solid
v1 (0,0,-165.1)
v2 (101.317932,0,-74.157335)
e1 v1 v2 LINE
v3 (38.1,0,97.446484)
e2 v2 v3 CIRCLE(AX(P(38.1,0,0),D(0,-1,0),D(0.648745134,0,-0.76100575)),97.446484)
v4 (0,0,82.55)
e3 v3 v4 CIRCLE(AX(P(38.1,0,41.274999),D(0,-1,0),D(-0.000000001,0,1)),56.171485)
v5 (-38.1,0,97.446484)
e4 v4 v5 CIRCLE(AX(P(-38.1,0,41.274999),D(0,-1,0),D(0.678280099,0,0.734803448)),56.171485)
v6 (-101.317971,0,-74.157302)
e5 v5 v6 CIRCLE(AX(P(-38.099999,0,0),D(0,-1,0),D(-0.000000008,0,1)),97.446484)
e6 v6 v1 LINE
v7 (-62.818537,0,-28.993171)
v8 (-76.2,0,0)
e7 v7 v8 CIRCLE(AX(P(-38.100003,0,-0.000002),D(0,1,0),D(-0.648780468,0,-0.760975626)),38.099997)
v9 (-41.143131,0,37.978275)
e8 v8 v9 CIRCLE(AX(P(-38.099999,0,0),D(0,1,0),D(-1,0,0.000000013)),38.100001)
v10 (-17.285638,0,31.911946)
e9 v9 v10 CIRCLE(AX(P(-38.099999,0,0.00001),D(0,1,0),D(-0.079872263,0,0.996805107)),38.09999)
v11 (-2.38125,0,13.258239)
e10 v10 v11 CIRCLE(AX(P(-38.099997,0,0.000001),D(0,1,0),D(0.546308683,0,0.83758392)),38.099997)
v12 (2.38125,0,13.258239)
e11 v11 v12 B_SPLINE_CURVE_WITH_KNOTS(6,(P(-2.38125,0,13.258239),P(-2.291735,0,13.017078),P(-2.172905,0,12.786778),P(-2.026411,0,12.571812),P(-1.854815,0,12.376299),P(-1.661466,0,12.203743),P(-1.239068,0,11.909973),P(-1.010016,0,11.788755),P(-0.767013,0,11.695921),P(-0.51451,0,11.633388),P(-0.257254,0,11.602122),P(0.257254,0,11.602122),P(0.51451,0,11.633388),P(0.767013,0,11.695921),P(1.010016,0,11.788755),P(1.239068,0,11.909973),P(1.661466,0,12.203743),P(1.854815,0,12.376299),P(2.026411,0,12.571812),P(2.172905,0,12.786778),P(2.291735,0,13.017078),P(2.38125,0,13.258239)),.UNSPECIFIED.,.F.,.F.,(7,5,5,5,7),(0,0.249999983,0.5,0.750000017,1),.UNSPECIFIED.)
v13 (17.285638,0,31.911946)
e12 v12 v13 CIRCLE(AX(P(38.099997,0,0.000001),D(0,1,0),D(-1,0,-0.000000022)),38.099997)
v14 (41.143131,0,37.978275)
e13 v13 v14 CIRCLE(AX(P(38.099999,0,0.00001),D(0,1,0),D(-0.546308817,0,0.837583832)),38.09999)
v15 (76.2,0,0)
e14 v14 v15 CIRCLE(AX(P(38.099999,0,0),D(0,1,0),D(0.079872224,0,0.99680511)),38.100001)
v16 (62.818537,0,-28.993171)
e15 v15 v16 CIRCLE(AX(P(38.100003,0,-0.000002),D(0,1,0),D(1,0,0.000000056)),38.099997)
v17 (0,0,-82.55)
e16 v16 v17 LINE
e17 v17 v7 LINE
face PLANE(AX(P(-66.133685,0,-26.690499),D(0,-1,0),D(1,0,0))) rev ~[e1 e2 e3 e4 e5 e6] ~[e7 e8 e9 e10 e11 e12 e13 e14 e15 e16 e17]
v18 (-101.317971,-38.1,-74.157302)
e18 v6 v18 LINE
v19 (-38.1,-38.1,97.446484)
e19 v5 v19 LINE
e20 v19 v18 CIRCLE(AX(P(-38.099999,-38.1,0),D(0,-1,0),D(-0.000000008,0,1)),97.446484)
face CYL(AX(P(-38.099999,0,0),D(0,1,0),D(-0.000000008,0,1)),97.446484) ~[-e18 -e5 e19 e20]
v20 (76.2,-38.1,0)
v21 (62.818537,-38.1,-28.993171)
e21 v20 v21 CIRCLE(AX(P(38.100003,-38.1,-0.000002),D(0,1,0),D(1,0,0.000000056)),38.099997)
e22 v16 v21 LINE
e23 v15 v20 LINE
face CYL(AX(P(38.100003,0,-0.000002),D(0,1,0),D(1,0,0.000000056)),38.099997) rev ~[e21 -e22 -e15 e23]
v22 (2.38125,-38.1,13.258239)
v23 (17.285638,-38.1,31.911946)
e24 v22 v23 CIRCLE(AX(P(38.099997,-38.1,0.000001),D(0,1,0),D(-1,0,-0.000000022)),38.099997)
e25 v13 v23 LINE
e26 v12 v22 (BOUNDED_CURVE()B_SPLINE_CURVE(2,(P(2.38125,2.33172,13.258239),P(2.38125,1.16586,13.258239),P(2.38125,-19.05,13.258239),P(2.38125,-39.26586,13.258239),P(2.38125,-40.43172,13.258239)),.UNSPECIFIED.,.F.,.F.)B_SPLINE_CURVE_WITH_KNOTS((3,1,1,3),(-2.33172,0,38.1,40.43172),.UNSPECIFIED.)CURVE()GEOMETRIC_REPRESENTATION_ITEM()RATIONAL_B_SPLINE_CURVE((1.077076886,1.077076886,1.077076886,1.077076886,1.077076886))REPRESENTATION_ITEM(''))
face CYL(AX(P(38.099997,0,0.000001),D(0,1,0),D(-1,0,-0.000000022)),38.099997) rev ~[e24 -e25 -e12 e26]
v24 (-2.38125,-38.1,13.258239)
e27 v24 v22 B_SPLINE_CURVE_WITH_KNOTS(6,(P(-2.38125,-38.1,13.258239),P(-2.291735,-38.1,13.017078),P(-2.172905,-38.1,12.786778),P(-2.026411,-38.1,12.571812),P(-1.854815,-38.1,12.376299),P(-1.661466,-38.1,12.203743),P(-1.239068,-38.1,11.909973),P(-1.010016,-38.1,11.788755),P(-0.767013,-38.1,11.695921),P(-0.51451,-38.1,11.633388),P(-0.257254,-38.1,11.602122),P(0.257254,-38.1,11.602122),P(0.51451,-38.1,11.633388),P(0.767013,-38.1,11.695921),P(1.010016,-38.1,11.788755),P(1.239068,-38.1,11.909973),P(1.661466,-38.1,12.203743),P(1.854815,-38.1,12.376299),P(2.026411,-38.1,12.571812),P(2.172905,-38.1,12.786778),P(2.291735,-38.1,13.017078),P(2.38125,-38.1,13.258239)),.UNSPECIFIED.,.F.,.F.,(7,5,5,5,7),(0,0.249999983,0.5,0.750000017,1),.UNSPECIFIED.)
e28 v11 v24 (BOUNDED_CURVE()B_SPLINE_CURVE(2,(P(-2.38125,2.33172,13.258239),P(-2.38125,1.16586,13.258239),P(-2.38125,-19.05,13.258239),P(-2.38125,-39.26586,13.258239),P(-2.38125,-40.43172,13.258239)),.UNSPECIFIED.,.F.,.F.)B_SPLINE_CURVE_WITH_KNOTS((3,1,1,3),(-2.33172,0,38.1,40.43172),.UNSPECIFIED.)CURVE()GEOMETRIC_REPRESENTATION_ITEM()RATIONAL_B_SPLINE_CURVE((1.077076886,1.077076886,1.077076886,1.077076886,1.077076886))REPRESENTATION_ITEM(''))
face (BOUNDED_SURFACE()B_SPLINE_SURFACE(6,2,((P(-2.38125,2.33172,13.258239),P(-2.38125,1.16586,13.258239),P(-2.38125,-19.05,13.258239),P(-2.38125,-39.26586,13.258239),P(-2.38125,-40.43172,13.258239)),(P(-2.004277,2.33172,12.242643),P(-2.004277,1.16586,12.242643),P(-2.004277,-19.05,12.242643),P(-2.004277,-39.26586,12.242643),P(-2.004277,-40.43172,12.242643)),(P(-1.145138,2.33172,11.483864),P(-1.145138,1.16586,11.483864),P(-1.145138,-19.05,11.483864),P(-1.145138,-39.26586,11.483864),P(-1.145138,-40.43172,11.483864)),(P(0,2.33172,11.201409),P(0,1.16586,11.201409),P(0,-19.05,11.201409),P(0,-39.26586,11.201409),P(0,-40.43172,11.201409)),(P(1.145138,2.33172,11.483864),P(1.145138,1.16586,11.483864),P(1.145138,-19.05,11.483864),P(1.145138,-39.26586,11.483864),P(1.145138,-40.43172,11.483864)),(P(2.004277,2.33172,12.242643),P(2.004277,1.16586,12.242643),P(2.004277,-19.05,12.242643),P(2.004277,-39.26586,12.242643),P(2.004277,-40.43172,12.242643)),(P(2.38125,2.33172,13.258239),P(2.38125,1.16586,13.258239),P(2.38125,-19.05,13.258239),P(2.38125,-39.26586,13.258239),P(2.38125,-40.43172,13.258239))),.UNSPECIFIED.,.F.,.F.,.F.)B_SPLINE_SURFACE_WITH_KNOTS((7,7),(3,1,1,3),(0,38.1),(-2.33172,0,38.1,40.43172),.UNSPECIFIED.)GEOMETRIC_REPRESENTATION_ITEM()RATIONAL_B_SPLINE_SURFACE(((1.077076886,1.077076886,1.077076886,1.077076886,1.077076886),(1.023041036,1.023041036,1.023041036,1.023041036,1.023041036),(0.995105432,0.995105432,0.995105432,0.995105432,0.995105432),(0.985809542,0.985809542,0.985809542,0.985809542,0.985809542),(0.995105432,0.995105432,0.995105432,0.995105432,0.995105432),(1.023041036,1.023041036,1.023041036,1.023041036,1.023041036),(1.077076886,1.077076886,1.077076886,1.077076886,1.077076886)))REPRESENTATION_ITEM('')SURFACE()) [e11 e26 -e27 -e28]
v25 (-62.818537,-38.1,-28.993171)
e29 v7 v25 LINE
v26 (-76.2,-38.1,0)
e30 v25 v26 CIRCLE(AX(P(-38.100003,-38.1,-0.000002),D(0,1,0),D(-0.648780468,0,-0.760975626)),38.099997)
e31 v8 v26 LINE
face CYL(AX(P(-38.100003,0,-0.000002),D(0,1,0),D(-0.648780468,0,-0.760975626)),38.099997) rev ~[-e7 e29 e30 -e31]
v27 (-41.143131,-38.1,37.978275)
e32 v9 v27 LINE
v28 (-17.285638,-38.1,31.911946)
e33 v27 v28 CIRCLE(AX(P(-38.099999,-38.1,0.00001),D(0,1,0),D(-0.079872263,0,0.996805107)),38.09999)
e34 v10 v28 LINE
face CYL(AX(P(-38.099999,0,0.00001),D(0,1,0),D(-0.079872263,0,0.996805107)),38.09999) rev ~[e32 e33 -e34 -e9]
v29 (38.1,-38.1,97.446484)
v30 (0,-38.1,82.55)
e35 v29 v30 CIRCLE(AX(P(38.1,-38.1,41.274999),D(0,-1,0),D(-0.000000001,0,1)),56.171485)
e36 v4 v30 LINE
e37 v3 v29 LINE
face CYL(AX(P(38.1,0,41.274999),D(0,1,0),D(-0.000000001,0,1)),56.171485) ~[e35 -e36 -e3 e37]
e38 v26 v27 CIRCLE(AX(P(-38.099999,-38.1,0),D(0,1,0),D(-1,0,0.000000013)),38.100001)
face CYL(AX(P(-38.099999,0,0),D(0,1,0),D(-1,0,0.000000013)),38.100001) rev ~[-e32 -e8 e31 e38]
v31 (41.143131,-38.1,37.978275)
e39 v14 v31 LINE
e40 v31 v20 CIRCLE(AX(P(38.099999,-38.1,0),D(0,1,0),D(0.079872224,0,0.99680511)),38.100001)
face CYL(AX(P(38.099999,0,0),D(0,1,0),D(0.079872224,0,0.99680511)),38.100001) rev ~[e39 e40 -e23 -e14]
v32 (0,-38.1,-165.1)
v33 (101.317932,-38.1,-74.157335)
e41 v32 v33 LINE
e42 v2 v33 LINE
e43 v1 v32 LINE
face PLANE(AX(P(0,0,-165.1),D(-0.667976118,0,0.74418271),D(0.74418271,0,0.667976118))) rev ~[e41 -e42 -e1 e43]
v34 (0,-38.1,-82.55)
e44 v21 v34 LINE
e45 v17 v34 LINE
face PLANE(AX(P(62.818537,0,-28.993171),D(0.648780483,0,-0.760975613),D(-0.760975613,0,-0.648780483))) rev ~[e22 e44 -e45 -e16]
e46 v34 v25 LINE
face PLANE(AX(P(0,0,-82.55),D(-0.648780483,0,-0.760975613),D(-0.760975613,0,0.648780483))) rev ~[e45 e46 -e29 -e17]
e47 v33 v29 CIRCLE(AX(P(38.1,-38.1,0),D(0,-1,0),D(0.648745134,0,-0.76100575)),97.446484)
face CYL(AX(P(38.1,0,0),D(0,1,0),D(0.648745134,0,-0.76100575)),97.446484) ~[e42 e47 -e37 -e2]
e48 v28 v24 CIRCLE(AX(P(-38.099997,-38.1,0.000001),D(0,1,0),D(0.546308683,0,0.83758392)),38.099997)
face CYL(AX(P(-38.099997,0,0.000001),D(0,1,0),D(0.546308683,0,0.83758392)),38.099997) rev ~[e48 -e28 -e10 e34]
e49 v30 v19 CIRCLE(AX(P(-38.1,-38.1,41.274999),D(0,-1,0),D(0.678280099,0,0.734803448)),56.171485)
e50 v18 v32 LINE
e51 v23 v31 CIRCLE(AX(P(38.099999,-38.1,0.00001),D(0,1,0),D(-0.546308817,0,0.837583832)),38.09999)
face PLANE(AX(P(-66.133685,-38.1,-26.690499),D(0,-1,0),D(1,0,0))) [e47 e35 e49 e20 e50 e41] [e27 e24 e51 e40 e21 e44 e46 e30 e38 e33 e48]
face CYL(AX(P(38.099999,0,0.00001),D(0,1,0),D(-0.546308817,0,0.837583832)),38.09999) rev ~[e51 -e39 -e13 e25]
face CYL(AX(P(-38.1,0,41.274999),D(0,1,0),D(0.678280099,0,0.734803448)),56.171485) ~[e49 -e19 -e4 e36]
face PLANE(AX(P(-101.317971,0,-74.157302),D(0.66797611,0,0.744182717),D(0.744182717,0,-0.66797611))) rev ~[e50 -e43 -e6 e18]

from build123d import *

# Parameters (mm, degrees)
F1_DEPTH = 38.1
F2_R     = 2.54


with BuildPart() as f1:
    # F0 (on Front) → F1 (new body)
    with BuildSketch(Plane.XZ):
        with BuildLine():
            Line((0, -82.55), (-62.818537, -28.993171))
            ThreePointArc((-62.818537, -28.993171), (-72.693253, -15.966117), (-76.2, 0))
            ThreePointArc((-76.2, 0), (-90.414977, 61.72931), (-38.1, 97.446484))
            ThreePointArc((-38.1, 97.446484), (-129.539011, 33.685671), (-101.317971, -74.157302))
            Line((-101.317971, -74.157302), (0, -165.1))
            Line((0, -165.1), (0, -82.55))
        make_face()
        with BuildLine():
            ThreePointArc((76.2, 0), (72.693253, -15.966117), (62.818537, -28.993171))
            Line((62.818537, -28.993171), (0, -82.55))
            Line((0, -82.55), (0, -165.1))
            Line((0, -165.1), (101.317932, -74.157335))
            ThreePointArc((101.317932, -74.157335), (129.53902, 33.685647), (38.1, 97.446484))
            ThreePointArc((38.1, 97.446484), (77.819237, 80.994237), (94.271484, 41.275))
            ThreePointArc((94.271484, 41.275), (89.555656, 18.746107), (76.2, 0))
        make_face()
        with BuildLine():
            ThreePointArc((18.071484, 41.275), (17.874678, 36.577013), (17.285638, 31.911946))
            ThreePointArc((17.285638, 31.911946), (28.71095, 36.925002), (41.143131, 37.978275))
            ThreePointArc((41.143131, 37.978275), (66.096011, 25.842472), (76.2, 0))
            ThreePointArc((76.2, 0), (89.555656, 18.746107), (94.271484, 41.275))
            ThreePointArc((94.271484, 41.275), (77.819237, 80.994237), (38.1, 97.446484))
            ThreePointArc((38.1, 97.446484), (17.64569, 93.589977), (0, 82.55))
            ThreePointArc((0, 82.55), (13.355656, 63.803893), (18.071484, 41.275))
        make_face()
        with BuildLine():
            ThreePointArc((-17.285638, 31.911946), (-4.598976, 18.146388), (0, 0))
            Line((0, 0), (0, 82.55))
            ThreePointArc((0, 82.55), (-15.059611, 59.421388), (-17.285638, 31.911946))
        make_face()
        with BuildLine():
            Line((0, 82.55), (0, 0))
            ThreePointArc((0, 0), (4.598976, 18.146388), (17.285638, 31.911946))
            ThreePointArc((17.285638, 31.911946), (17.874678, 36.577013), (18.071484, 41.275))
            ThreePointArc((18.071484, 41.275), (13.355656, 63.803893), (0, 82.55))
        make_face()
        with BuildLine():
            ThreePointArc((-41.143131, 37.978275), (-28.71095, 36.925002), (-17.285638, 31.911946))
            ThreePointArc((-17.285638, 31.911946), (-15.059611, 59.421388), (0, 82.55))
            ThreePointArc((0, 82.55), (-17.64569, 93.589977), (-38.1, 97.446484))
            ThreePointArc((-38.1, 97.446484), (-90.414977, 61.72931), (-76.2, 0))
            ThreePointArc((-76.2, 0), (-66.096011, 25.842472), (-41.143131, 37.978275))
        make_face()
    extrude(amount=F1_DEPTH)

    # F2
    f2_edges = [f1.edges().sort_by_distance(p)[0] for p in [
        (0, -19.05, 0),
    ]]
    fillet(f2_edges, radius=F2_R)


solid = f1.part
